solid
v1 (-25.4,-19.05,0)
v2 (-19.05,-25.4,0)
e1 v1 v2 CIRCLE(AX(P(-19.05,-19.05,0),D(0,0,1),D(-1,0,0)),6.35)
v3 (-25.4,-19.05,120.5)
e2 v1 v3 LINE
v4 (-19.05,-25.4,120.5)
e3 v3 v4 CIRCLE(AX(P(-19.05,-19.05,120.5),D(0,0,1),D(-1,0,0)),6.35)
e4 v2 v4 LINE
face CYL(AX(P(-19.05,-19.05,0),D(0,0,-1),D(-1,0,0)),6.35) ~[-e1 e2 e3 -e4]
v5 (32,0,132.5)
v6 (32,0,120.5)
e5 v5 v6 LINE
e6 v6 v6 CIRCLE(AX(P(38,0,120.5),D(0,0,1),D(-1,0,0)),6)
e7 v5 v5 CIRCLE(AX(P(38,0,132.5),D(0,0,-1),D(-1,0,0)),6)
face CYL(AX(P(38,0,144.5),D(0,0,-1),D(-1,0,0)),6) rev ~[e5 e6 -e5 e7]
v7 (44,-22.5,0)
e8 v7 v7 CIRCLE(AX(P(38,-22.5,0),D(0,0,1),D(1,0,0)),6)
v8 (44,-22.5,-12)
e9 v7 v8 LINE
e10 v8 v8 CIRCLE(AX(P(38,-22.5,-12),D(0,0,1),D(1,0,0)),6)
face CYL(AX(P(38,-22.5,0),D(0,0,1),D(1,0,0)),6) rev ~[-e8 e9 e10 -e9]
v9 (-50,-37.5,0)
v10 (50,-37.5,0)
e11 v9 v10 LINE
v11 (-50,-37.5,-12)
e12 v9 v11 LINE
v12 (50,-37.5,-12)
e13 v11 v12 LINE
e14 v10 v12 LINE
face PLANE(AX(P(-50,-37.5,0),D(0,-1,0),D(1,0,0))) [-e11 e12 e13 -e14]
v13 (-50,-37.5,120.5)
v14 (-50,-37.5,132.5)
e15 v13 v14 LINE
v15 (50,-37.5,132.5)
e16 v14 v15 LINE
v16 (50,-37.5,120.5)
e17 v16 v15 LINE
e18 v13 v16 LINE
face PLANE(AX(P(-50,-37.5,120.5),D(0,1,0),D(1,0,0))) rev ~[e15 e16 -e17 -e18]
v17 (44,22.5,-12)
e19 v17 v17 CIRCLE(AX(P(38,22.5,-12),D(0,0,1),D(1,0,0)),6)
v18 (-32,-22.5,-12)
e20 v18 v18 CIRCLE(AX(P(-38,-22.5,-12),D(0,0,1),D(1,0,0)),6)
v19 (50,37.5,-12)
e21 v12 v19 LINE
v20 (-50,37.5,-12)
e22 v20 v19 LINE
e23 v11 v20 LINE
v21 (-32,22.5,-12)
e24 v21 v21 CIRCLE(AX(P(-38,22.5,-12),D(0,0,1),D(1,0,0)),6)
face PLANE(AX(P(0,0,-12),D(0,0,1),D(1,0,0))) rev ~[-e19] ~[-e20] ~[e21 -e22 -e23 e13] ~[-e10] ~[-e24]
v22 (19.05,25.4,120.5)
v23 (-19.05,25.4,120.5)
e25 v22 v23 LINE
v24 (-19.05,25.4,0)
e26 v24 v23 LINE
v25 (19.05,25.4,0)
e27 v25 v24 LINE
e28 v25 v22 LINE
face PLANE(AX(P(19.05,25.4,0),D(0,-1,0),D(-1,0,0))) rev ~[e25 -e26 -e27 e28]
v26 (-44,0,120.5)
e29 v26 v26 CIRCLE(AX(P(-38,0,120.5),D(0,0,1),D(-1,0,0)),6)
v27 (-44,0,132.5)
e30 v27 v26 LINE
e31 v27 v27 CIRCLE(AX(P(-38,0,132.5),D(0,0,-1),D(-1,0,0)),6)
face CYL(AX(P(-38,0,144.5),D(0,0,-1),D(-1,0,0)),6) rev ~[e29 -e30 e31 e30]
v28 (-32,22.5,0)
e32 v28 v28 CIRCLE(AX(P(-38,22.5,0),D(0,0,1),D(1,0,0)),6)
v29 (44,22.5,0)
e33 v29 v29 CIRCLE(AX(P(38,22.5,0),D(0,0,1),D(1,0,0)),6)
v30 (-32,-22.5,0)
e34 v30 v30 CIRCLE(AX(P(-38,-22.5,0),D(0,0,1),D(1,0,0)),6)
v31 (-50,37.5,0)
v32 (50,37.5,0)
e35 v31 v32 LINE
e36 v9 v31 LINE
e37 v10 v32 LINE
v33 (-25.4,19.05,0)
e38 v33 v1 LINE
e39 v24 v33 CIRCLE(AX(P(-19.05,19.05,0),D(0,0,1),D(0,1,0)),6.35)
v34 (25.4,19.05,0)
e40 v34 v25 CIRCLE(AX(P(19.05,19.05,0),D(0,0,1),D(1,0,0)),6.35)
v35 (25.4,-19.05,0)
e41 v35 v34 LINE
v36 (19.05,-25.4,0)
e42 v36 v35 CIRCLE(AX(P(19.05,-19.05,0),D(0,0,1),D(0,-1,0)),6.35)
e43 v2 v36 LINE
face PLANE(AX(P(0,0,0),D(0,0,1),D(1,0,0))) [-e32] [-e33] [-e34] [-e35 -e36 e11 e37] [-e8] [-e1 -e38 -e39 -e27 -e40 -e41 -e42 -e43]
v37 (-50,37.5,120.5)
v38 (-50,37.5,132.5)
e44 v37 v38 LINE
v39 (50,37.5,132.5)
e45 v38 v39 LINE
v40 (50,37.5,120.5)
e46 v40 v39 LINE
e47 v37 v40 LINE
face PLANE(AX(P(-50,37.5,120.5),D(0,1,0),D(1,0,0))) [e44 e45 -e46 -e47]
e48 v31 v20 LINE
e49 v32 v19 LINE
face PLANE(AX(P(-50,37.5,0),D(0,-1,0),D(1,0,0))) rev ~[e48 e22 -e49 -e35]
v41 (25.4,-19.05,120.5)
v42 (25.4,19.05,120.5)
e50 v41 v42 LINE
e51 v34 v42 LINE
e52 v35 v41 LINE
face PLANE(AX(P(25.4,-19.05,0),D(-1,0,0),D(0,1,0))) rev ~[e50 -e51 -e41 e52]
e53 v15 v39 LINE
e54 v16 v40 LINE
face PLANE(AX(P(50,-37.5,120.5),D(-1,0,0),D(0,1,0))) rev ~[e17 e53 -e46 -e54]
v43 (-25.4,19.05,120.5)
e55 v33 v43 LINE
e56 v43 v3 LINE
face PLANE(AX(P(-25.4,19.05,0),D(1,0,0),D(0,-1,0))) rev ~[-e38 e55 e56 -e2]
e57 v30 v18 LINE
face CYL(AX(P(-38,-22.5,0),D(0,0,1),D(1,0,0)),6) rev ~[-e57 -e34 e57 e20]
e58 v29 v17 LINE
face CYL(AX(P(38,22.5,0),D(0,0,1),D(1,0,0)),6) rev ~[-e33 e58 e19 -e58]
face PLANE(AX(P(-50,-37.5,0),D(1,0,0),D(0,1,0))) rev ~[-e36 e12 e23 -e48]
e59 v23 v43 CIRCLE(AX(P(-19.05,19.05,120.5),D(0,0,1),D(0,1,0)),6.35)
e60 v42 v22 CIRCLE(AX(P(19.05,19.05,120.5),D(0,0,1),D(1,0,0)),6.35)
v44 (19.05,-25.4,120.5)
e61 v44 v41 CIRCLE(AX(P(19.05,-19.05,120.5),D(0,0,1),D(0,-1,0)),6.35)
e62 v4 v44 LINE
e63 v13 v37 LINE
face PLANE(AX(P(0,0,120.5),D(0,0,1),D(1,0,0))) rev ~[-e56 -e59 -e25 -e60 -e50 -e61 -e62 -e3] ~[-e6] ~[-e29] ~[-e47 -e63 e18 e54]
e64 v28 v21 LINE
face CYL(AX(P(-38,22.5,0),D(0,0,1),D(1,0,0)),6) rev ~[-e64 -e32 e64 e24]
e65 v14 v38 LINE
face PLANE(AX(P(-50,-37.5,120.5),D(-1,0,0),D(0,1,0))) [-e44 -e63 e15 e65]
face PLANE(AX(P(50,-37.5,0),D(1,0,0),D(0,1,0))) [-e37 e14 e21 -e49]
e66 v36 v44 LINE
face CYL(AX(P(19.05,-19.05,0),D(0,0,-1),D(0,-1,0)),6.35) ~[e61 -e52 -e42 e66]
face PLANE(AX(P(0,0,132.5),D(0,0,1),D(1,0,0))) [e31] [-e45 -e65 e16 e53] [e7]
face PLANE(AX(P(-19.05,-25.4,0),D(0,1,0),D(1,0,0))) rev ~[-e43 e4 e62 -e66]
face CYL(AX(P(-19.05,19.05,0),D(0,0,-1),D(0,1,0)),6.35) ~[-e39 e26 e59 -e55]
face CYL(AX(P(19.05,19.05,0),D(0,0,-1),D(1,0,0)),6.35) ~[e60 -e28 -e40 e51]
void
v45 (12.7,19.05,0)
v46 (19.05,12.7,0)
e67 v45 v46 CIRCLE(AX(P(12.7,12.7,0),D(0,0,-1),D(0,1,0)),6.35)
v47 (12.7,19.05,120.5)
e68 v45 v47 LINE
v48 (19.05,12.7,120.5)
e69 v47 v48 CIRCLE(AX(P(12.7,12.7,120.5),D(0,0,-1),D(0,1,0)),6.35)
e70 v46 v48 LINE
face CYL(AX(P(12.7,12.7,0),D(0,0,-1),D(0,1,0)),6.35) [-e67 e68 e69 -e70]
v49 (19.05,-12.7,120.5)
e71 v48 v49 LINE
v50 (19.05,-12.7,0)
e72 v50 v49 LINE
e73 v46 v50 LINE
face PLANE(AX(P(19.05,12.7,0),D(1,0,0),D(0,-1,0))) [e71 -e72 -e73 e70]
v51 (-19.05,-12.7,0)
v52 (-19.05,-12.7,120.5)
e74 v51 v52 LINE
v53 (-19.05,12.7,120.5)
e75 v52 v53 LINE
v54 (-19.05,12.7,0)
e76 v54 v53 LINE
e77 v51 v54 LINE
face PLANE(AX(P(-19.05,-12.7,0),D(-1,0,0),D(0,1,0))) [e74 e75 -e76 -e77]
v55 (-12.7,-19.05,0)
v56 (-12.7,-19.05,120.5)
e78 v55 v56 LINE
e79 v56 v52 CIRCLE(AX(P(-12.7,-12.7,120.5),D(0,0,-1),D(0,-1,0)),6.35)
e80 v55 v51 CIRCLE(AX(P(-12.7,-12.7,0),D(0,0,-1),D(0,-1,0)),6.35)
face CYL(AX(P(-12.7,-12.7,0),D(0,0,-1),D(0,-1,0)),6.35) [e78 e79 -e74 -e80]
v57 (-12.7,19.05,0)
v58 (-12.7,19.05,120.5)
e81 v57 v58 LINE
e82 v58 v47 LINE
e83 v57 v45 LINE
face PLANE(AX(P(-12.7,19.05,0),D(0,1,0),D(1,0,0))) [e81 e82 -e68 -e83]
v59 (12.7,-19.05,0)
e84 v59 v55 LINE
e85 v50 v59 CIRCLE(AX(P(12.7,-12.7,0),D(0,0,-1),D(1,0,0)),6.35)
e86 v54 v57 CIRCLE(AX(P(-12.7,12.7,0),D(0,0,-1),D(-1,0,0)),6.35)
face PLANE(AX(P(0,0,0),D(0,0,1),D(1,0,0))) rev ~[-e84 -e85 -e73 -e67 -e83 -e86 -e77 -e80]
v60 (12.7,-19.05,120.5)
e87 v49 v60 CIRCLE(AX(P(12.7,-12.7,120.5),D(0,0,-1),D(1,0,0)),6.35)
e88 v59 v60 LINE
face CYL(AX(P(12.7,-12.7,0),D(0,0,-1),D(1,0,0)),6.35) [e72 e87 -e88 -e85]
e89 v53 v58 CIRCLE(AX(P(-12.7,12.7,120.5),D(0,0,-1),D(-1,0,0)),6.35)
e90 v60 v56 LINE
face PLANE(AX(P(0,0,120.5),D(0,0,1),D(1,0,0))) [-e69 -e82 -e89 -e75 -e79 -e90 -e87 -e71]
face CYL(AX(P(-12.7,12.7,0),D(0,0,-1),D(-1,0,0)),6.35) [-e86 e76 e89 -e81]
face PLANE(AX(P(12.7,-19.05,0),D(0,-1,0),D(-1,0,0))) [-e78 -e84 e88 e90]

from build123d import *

# Parameters (mm, degrees)
F0_W     = 100
F0_H     = 75
F1_DEPTH = 12
F3_DEPTH = 120.5
F5_W     = 100
F5_H     = 75
F6_DEPTH = 12
F8_D     = 12
F8_DEPTH = 12
F8_TIP   = 3.6051637142
F9_D     = 12
F9_DEPTH = 12
F9_TIP   = 3.6051637142


with BuildPart() as f1:
    # F0 (on Top) → F1 (new body)
    with BuildSketch(Plane.XY):
        Rectangle(F0_W, F0_H)
    extrude(amount=-F1_DEPTH)

    # F2 (on face) → F3 (join)
    with BuildSketch(Plane.XY):
        with BuildLine():
            Line((-19.05, -25.4), (19.05, -25.4))
            ThreePointArc((19.05, -25.4), (23.5401280605, -23.5401280605), (25.4, -19.05))
            Line((25.4, -19.05), (25.4, 19.05))
            ThreePointArc((25.4, 19.05), (23.5401280605, 23.5401280605), (19.05, 25.4))
            Line((19.05, 25.4), (-19.05, 25.4))
            ThreePointArc((-19.05, 25.4), (-23.5401280605, 23.5401280605), (-25.4, 19.05))
            Line((-25.4, 19.05), (-25.4, -19.05))
            ThreePointArc((-25.4, -19.05), (-23.5401280605, -23.5401280605), (-19.05, -25.4))
        make_face()
        with BuildLine():
            Line((-12.7, 19.05), (12.7, 19.05))
            ThreePointArc((12.7, 19.05), (17.1901280605, 17.1901280605), (19.05, 12.7))
            Line((19.05, 12.7), (19.05, -12.7))
            ThreePointArc((19.05, -12.7), (17.1901280605, -17.1901280605), (12.7, -19.05))
            Line((12.7, -19.05), (-12.7, -19.05))
            ThreePointArc((-12.7, -19.05), (-17.1901280605, -17.1901280605), (-19.05, -12.7))
            Line((-19.05, -12.7), (-19.05, 12.7))
            ThreePointArc((-19.05, 12.7), (-17.1901280605, 17.1901280605), (-12.7, 19.05))
        make_face(mode=Mode.SUBTRACT)
    extrude(amount=F3_DEPTH)

    # F5 (on face) → F6 (join)
    with BuildSketch(Plane.XY.offset(120.5)):
        Rectangle(F5_W, F5_H)
        with BuildLine():
            Line((19.05, -25.4), (-19.05, -25.4))
            ThreePointArc((-19.05, -25.4), (-23.5401280605, -23.5401280605), (-25.4, -19.05))
            Line((-25.4, -19.05), (-25.4, 19.05))
            ThreePointArc((-25.4, 19.05), (-23.5401280605, 23.5401280605), (-19.05, 25.4))
            Line((-19.05, 25.4), (19.05, 25.4))
            ThreePointArc((19.05, 25.4), (23.5401280605, 23.5401280605), (25.4, 19.05))
            Line((25.4, 19.05), (25.4, -19.05))
            ThreePointArc((25.4, -19.05), (23.5401280605, -23.5401280605), (19.05, -25.4))
        make_face(mode=Mode.SUBTRACT)
        with BuildLine():
            ThreePointArc((-25.4, -19.05), (-23.5401280605, -23.5401280605), (-19.05, -25.4))
            Line((-19.05, -25.4), (19.05, -25.4))
            ThreePointArc((19.05, -25.4), (23.5401280605, -23.5401280605), (25.4, -19.05))
            Line((25.4, -19.05), (25.4, 19.05))
            ThreePointArc((25.4, 19.05), (23.5401280605, 23.5401280605), (19.05, 25.4))
            Line((19.05, 25.4), (-19.05, 25.4))
            ThreePointArc((-19.05, 25.4), (-23.5401280605, 23.5401280605), (-25.4, 19.05))
            Line((-25.4, 19.05), (-25.4, -19.05))
        make_face()
        with BuildLine():
            Line((-19.05, -12.7), (-19.05, 12.7))
            ThreePointArc((-19.05, 12.7), (-17.1901280605, 17.1901280605), (-12.7, 19.05))
            Line((-12.7, 19.05), (12.7, 19.05))
            ThreePointArc((12.7, 19.05), (17.1901280605, 17.1901280605), (19.05, 12.7))
            Line((19.05, 12.7), (19.05, -12.7))
            ThreePointArc((19.05, -12.7), (17.1901280605, -17.1901280605), (12.7, -19.05))
            Line((12.7, -19.05), (-12.7, -19.05))
            ThreePointArc((-12.7, -19.05), (-17.1901280605, -17.1901280605), (-19.05, -12.7))
        make_face(mode=Mode.SUBTRACT)
        with BuildLine():
            ThreePointArc((-12.7, 19.05), (-17.1901280605, 17.1901280605), (-19.05, 12.7))
            Line((-19.05, 12.7), (-19.05, -12.7))
            ThreePointArc((-19.05, -12.7), (-17.1901280605, -17.1901280605), (-12.7, -19.05))
            Line((-12.7, -19.05), (12.7, -19.05))
            ThreePointArc((12.7, -19.05), (17.1901280605, -17.1901280605), (19.05, -12.7))
            Line((19.05, -12.7), (19.05, 12.7))
            ThreePointArc((19.05, 12.7), (17.1901280605, 17.1901280605), (12.7, 19.05))
            Line((12.7, 19.05), (-12.7, 19.05))
        make_face()
    extrude(amount=F6_DEPTH)

    # F8
    with Locations(Plane.XY.offset(132.5)):
        with Locations((-38, 0), (38, 0)):
            Hole(F8_D / 2, depth=F8_DEPTH)
            with Locations((0, 0, -(F8_DEPTH + F8_TIP / 2))):  # 118° drill point
                Cone(0, F8_D / 2, F8_TIP, mode=Mode.SUBTRACT)

    # F9 (one way)
    with BuildSketch(Plane.XY):
        with Locations((-38, 22.5), (38, 22.5), (38, -22.5), (-38, -22.5)):
            Circle(F9_D / 2)
    extrude(amount=-F9_DEPTH, mode=Mode.SUBTRACT)
    with Locations(Plane.XY):
        with Locations((-38, 22.5), (38, 22.5), (38, -22.5), (-38, -22.5)):
            with Locations((0, 0, -(F9_DEPTH + F9_TIP / 2))):  # 118° drill point
                Cone(0, F9_D / 2, F9_TIP, mode=Mode.SUBTRACT)


solid = f1.part
